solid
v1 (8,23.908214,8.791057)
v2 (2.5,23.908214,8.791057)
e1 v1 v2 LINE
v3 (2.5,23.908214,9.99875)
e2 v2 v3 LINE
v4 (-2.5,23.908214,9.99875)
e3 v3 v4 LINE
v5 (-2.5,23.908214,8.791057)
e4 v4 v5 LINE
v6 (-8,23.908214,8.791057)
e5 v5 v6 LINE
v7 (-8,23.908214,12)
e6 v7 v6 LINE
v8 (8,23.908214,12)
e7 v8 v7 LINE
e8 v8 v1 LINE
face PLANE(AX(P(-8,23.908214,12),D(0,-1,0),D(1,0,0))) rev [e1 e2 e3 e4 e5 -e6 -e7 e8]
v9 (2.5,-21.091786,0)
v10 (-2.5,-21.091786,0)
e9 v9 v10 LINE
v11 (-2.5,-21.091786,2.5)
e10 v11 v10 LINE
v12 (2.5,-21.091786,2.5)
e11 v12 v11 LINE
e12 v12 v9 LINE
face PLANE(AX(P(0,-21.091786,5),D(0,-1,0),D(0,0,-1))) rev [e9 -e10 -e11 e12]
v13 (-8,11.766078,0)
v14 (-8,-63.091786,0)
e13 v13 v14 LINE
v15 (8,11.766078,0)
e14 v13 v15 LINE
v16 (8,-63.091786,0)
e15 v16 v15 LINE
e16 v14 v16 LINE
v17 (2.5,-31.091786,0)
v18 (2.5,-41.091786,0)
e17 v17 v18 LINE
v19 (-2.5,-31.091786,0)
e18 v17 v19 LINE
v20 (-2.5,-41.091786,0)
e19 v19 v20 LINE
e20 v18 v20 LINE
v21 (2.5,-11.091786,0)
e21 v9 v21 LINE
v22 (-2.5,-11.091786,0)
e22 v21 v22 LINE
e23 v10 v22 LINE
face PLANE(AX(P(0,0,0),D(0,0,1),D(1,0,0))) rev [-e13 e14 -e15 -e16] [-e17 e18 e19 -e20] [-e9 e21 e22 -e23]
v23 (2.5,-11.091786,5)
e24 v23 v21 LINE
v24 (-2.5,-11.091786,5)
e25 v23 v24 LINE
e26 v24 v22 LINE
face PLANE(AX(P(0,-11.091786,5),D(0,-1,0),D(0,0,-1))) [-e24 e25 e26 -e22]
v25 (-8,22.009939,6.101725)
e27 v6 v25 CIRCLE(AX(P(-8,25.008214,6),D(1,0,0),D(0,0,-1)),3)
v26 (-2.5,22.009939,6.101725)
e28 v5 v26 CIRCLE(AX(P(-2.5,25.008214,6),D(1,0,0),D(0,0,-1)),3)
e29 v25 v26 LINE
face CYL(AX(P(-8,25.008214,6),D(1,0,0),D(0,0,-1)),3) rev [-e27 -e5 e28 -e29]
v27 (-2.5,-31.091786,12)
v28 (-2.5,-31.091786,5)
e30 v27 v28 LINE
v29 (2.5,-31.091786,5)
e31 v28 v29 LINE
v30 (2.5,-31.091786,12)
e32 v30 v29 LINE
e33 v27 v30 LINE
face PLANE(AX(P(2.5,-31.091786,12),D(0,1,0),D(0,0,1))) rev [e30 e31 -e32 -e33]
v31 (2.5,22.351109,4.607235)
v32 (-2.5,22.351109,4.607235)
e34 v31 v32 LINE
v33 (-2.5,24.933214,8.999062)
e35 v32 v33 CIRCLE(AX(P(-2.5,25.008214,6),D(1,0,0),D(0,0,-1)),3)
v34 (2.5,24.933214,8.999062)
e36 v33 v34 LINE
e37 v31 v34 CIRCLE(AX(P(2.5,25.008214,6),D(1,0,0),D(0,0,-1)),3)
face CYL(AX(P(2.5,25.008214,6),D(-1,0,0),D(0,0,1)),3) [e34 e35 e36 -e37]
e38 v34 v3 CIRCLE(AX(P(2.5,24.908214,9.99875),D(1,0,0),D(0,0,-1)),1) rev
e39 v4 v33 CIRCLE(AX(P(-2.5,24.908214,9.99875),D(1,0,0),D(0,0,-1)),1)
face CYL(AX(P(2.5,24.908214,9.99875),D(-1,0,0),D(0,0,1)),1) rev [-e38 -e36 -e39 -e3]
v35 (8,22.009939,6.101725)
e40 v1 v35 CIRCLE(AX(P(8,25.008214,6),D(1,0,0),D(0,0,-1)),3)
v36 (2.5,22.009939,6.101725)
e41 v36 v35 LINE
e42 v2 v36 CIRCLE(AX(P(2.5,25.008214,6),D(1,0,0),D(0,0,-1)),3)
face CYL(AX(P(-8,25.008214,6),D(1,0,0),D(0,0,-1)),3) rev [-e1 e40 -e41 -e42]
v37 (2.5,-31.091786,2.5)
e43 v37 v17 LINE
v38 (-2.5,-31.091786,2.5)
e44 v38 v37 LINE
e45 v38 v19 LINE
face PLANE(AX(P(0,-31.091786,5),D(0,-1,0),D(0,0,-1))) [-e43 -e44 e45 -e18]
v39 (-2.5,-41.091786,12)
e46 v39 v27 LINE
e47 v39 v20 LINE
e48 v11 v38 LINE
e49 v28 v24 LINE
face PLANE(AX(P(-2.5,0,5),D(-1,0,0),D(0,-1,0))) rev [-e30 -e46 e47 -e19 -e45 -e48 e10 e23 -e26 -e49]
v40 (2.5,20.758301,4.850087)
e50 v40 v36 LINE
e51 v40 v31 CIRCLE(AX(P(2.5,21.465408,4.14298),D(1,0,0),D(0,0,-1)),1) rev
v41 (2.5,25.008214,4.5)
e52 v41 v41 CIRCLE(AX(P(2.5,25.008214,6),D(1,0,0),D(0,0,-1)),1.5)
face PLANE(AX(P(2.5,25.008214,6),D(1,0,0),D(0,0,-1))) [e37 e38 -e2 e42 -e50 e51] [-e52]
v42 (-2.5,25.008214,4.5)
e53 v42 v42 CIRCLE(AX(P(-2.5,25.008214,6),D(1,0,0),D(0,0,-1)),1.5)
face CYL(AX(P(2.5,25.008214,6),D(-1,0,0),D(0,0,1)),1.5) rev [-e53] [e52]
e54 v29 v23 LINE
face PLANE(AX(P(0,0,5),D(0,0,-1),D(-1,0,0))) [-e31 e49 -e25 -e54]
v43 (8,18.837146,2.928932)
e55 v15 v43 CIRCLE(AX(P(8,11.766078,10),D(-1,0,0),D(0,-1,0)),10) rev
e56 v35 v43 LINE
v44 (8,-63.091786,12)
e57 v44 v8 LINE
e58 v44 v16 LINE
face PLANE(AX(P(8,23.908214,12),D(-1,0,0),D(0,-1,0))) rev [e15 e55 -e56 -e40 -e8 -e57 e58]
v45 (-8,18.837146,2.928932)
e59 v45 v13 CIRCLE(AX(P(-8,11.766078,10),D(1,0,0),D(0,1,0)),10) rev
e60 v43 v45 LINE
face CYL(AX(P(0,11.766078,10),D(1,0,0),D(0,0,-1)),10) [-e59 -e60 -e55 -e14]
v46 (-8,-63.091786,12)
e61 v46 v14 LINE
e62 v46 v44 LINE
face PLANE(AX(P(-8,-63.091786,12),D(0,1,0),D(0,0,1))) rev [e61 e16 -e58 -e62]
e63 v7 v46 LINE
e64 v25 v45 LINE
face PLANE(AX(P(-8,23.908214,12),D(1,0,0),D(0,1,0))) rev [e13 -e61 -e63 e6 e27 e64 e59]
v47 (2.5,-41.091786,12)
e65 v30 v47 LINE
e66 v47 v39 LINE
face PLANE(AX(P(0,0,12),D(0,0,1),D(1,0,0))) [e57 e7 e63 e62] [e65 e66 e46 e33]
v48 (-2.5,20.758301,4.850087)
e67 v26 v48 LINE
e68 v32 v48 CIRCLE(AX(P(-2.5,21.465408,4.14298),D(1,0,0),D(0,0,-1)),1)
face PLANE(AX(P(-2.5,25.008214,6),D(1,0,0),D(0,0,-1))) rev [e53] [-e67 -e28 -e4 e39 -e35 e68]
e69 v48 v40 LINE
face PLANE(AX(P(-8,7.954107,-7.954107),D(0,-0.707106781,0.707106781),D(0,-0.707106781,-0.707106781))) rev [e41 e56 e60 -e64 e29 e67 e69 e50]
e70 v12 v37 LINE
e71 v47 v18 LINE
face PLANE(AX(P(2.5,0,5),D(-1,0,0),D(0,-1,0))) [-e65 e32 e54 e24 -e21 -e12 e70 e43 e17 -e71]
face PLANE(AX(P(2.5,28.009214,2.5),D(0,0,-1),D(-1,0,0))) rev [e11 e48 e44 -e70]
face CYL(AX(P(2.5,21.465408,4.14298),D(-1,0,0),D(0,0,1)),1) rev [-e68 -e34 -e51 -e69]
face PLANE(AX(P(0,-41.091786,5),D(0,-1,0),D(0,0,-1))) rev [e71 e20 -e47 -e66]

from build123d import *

# Parameters (mm, degrees)
SKETCH1_W               = 16
SKETCH1_H               = 87
BOSS_EXTRUDE2_DEPTH     = 12
CUT_EXTRUDE1_DEPTH      = 65.719189191
CUT_EXTRUDE1_DEPTH_BACK = 65.719189191
CUT_EXTRUDE2_DEPTH      = 65.719189191
CUT_EXTRUDE2_DEPTH_BACK = 65.719189191
SKETCH4_R               = 3
SKETCH4_R_2             = 1.5
BOSS_EXTRUDE3_DEPTH     = 2.5
FILLET1_R               = 1
FILLET2_R               = 10
SKETCH5_W               = 5
SKETCH5_H               = 10
SKETCH5_W_2             = 2.5
CUT_EXTRUDE3_DEPTH      = 5
CUT_EXTRUDE4_REACH      = 62.834
SKETCH6_W               = 5
SKETCH6_H               = 2.5
SKETCH7_W               = 5
SKETCH7_H               = 10
CUT_EXTRUDE5_DEPTH      = 65.719189191


with BuildPart() as part:
    # Sketch1 → Boss-Extrude2 (new body)
    with BuildSketch(Plane.XY):
        with Locations((0, -19.591785912)):
            Rectangle(SKETCH1_W, SKETCH1_H)
    extrude(amount=BOSS_EXTRUDE2_DEPTH)

    # Sketch2 → Cut-Extrude1 (cut, two sides: drawn at the far end of the back side and taken through both)
    with BuildSketch(Plane(origin=(0, 0, 0), x_dir=(0, 0, -1), z_dir=(1, 0, 0)).offset(-CUT_EXTRUDE1_DEPTH_BACK)):
        Polygon((0, 15.908214088), (0, 23.908214088), (-8, 23.908214088), align=None)
    extrude(amount=CUT_EXTRUDE1_DEPTH + CUT_EXTRUDE1_DEPTH_BACK, mode=Mode.SUBTRACT)

    # Sketch3 → Cut-Extrude2 (cut, two sides: drawn at the far end of the back side and taken through both)
    with BuildSketch(Plane(origin=(0, 0, 0), x_dir=(0, 0, -1), z_dir=(1, 0, 0)).offset(-CUT_EXTRUDE2_DEPTH_BACK)):
        with BuildLine():
            ThreePointArc((-3, 25.008214088), (-6.559834153, 27.955515518), (-8.791057147, 23.908214088))
            Line((-8.791057147, 23.908214088), (-7.019803903, 23.908214088))
            ThreePointArc((-7.019803903, 23.908214088), (-6.600122548, 26.382933306), (-4.5, 25.008214088))
            ThreePointArc((-4.5, 25.008214088), (-4.625280782, 24.40809154), (-4.980196097, 23.908214088))
            Line((-4.980196097, 23.908214088), (-3.208942853, 23.908214088))
            ThreePointArc((-3.208942853, 23.908214088), (-3.05269857, 24.448379935), (-3, 25.008214088))
        make_face()
        with BuildLine():
            Line((-7.019803903, 23.908214088), (-8.791057147, 23.908214088))
            ThreePointArc((-8.791057147, 23.908214088), (-6, 22.008214088), (-3.208942853, 23.908214088))
            Line((-3.208942853, 23.908214088), (-4.980196097, 23.908214088))
            ThreePointArc((-4.980196097, 23.908214088), (-6, 23.508214088), (-7.019803903, 23.908214088))
        make_face()
    extrude(amount=CUT_EXTRUDE2_DEPTH + CUT_EXTRUDE2_DEPTH_BACK, mode=Mode.SUBTRACT)

    # Sketch4 → Boss-Extrude3 (add, symmetric)
    with BuildSketch(Plane(origin=(0, 0, 0), x_dir=(0, 0, -1), z_dir=(1, 0, 0))):
        with Locations((-6, 25.008214088)):
            Circle(SKETCH4_R)
        with Locations((-6, 25.008214088)):
            Circle(SKETCH4_R_2, mode=Mode.SUBTRACT)
    extrude(amount=BOSS_EXTRUDE3_DEPTH, both=True)

    # Fillet1
    fillet1_edges = [part.edges().sort_by_distance(p)[0] for p in [
        (0, 22.009939252, 6.101725164),
        (0, 23.908214088, 8.791057147),
    ]]
    fillet(fillet1_edges, radius=FILLET1_R)

    # Fillet2
    fillet2_edges = [part.edges().sort_by_distance(p)[0] for p in [
        (0, 15.908214088, 0),
    ]]
    fillet(fillet2_edges, radius=FILLET2_R)

    # Sketch5 → Cut-Extrude3 (cut)
    with BuildSketch(Plane(origin=(0, 0, 0), x_dir=(-1, 0, 0), z_dir=(0, 0, -1))):
        with Locations((0, -16.091785912)):
            Rectangle(SKETCH5_W, SKETCH5_H)
        with Locations((1.25, -36.091785912)):
            Rectangle(SKETCH5_W_2, SKETCH5_H)
        with Locations((-1.25, -36.091785912)):
            Rectangle(SKETCH5_W_2, SKETCH5_H)
    extrude(amount=-CUT_EXTRUDE3_DEPTH, mode=Mode.SUBTRACT)

    # Sketch6 → Cut-Extrude4 (cut, up to next)
    with BuildSketch(Plane.XZ.offset(31.091785912), mode=Mode.PRIVATE) as cut_extrude4_sk1:
        with Locations((0, 3.75)):
            Rectangle(SKETCH6_W, SKETCH6_H)
    cut_extrude4_tool1 = extrude(cut_extrude4_sk1.sketch, amount=-CUT_EXTRUDE4_REACH, mode=Mode.PRIVATE) & part.part
    add(cut_extrude4_tool1.solids().sort_by_distance((0, -31.091786, 3.75))[0], mode=Mode.SUBTRACT)

    # Sketch7 → Cut-Extrude5 (cut, through all)
    with BuildSketch(Plane(origin=(0, 0, 0), x_dir=(-1, 0, 0), z_dir=(0, 0, -1))):
        with Locations((0, -36.091785912)):
            Rectangle(SKETCH7_W, SKETCH7_H)
    extrude(amount=-CUT_EXTRUDE5_DEPTH, mode=Mode.SUBTRACT)


solid = part.part
